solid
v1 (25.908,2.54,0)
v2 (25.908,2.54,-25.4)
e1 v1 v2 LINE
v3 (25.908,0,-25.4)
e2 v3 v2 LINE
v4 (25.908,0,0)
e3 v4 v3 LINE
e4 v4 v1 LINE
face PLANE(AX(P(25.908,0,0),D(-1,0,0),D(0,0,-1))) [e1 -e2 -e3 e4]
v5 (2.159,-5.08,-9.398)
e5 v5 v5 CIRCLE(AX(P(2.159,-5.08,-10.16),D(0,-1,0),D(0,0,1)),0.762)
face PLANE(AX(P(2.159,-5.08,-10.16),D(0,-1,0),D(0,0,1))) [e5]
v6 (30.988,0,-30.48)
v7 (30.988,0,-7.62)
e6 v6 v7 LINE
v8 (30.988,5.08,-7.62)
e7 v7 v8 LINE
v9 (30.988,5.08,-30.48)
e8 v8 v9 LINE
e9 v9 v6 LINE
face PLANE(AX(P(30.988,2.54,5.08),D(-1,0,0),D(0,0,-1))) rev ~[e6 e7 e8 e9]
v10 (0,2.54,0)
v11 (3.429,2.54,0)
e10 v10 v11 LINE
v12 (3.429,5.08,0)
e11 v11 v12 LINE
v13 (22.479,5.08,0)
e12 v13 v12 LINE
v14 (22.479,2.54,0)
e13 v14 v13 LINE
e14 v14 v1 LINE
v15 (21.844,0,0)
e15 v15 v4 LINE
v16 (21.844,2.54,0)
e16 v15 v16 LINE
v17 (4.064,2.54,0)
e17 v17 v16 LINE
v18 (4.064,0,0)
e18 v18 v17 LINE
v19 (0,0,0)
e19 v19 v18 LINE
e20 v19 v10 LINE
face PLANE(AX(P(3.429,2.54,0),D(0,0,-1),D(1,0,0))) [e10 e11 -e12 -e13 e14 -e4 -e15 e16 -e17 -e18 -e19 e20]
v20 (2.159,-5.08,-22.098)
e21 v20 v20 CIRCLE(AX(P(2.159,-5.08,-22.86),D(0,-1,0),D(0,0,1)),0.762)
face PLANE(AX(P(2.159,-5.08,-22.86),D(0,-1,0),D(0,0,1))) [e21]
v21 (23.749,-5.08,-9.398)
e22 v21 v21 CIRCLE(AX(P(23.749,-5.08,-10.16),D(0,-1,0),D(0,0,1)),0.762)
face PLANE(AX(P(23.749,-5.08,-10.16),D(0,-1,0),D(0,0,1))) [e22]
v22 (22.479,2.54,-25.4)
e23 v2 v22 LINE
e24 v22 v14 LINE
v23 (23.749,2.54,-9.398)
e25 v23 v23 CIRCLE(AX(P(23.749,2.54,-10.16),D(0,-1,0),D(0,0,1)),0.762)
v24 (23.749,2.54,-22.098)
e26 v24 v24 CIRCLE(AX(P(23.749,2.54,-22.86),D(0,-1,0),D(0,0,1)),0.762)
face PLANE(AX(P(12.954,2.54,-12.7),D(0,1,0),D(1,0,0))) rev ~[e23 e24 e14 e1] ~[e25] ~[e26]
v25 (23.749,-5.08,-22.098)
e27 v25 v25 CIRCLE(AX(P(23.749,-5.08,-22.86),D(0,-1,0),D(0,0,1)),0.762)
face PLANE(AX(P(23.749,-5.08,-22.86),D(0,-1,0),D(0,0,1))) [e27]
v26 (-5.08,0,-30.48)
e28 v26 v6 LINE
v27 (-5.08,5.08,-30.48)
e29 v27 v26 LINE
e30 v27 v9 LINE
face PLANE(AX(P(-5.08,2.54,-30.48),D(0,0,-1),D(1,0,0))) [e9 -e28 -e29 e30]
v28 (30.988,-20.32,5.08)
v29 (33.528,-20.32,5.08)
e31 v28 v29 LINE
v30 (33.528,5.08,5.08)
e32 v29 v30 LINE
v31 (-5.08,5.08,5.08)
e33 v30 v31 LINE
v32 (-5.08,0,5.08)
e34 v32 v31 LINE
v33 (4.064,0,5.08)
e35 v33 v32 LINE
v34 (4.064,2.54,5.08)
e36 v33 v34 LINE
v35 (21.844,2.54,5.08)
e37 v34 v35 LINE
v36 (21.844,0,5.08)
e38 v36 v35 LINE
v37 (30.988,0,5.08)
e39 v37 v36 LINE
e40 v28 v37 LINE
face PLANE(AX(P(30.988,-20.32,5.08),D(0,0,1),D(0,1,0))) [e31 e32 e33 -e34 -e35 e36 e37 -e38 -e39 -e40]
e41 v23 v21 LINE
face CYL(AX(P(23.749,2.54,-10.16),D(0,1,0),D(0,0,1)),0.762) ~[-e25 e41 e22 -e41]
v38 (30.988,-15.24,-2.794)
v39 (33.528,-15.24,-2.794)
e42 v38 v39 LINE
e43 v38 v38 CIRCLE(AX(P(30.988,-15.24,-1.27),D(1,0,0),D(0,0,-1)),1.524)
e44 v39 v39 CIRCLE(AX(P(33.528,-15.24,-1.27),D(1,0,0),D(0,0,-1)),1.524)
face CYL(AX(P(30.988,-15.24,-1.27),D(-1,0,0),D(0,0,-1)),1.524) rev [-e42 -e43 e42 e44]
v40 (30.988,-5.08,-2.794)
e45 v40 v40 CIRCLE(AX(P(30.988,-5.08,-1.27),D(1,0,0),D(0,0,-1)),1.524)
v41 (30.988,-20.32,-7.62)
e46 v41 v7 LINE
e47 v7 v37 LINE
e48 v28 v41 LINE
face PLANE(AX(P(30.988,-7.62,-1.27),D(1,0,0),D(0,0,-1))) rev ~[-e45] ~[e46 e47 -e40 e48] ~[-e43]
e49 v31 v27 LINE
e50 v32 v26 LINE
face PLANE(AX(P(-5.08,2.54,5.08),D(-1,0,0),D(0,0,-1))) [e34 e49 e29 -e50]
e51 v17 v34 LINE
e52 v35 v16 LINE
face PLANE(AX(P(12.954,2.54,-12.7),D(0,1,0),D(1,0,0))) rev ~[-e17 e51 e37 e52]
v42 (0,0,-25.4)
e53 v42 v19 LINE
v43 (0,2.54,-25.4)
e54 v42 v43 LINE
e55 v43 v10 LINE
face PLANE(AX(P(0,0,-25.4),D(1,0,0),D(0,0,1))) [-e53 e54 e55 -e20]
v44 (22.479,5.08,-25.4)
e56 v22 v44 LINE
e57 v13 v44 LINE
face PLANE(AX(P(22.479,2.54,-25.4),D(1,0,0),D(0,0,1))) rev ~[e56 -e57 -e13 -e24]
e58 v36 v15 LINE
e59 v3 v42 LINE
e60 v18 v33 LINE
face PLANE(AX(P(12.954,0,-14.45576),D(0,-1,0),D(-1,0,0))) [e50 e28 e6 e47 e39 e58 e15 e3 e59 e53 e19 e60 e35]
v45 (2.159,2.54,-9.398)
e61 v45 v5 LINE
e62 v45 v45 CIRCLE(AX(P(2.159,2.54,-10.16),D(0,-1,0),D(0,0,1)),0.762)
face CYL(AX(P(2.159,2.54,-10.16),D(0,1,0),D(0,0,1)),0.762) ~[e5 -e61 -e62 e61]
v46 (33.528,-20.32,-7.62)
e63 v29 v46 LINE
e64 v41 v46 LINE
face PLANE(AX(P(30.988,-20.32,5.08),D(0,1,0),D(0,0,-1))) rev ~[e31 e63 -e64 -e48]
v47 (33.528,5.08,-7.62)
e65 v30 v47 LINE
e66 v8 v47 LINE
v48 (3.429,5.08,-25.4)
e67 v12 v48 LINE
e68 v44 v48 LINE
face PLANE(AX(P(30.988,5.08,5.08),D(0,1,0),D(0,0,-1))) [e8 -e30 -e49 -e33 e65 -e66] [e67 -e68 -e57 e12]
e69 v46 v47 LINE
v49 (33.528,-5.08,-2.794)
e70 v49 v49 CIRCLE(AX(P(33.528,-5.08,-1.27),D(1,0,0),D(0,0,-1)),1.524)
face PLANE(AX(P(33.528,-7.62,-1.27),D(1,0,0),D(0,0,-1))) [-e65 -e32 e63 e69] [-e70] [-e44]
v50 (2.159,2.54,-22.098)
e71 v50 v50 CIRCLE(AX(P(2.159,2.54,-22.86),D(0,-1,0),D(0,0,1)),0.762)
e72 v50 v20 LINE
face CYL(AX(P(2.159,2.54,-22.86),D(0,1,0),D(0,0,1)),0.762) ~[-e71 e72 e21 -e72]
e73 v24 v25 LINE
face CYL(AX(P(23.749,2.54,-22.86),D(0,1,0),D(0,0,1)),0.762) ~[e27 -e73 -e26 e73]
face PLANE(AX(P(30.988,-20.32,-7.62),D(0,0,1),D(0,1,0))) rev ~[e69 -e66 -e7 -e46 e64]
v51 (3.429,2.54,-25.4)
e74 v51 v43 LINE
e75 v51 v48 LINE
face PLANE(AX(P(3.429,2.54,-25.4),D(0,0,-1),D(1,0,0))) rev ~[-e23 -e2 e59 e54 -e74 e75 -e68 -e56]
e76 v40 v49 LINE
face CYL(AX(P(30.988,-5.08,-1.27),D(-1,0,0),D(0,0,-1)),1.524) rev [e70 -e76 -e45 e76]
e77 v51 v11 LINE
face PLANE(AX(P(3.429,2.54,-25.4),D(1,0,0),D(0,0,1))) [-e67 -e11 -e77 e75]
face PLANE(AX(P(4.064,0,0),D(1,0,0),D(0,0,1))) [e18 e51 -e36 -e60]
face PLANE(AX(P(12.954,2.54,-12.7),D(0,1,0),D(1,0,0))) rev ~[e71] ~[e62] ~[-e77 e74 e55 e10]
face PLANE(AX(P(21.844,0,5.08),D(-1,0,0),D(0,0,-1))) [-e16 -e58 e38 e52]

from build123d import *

# Parameters (mm, degrees)
BOSS_EXTRUDE1_DEPTH = 2.54
SKETCH4_W           = 36.068
SKETCH4_H           = 35.56
BOSS_EXTRUDE2_DEPTH = 2.54
SKETCH5_W           = 19.05
SKETCH5_H           = 25.4
CUT_EXTRUDE1_DEPTH  = 44.540075149
SKETCH7_R           = 0.762
BOSS_EXTRUDE3_DEPTH = 7.62
SKETCH9_W           = 12.7
SKETCH9_H           = 25.4
SKETCH9_R           = 1.524
BOSS_EXTRUDE4_DEPTH = 2.54


with BuildPart() as part:
    # Sketch1 → Boss-Extrude1 (new body)
    with BuildSketch(Plane(origin=(0, 0, 0), x_dir=(1, 0, 0), z_dir=(0, 1, 0))):
        Polygon((-5.08, 30.48), (30.988, 30.48), (30.988, -5.08), (21.844, -5.08), (21.844, 0), (25.908, 0), (25.908, 25.4), (0, 25.4), (0, 0), (4.064, 0), (4.064, -5.08), (-5.08, -5.08), align=None)
    extrude(amount=BOSS_EXTRUDE1_DEPTH)

    # Sketch4 → Boss-Extrude2 (add)
    with BuildSketch(Plane(origin=(0, 2.54, 0), x_dir=(1, 0, 0), z_dir=(0, 1, 0))):
        with Locations((12.954, 12.7)):
            Rectangle(SKETCH4_W, SKETCH4_H)
    extrude(amount=BOSS_EXTRUDE2_DEPTH)

    # Sketch5 → Cut-Extrude1 (cut, through all)
    with BuildSketch(Plane.XZ.offset(-2.54)):
        with Locations((12.954, -12.7)):
            Rectangle(SKETCH5_W, SKETCH5_H)
    extrude(amount=-CUT_EXTRUDE1_DEPTH, mode=Mode.SUBTRACT)

    # Sketch7 → Boss-Extrude3 (add)
    with BuildSketch(Plane.XZ.offset(-2.54)):
        with Locations(Location((2.159, -10.16, 0), (0, 0, 90))):
            Circle(SKETCH7_R)
        with Locations(Location((2.159, -22.86, 0), (0, 0, 90))):
            Circle(SKETCH7_R)
        with Locations(Location((23.749, -10.16, 0), (0, 0, 90))):
            Circle(SKETCH7_R)
        with Locations(Location((23.749, -22.86, 0), (0, 0, 90))):
            Circle(SKETCH7_R)
    extrude(amount=BOSS_EXTRUDE3_DEPTH)

    # Sketch9 → Boss-Extrude4 (add)
    with BuildSketch(Plane(origin=(30.988, 0, 0), x_dir=(0, 0, -1), z_dir=(1, 0, 0))):
        with Locations((1.27, -7.62)):
            Rectangle(SKETCH9_W, SKETCH9_H)
        with Locations((1.27, -5.08)):
            Circle(SKETCH9_R, mode=Mode.SUBTRACT)
        with Locations((1.27, -15.24)):
            Circle(SKETCH9_R, mode=Mode.SUBTRACT)
    extrude(amount=BOSS_EXTRUDE4_DEPTH)


solid = part.part
